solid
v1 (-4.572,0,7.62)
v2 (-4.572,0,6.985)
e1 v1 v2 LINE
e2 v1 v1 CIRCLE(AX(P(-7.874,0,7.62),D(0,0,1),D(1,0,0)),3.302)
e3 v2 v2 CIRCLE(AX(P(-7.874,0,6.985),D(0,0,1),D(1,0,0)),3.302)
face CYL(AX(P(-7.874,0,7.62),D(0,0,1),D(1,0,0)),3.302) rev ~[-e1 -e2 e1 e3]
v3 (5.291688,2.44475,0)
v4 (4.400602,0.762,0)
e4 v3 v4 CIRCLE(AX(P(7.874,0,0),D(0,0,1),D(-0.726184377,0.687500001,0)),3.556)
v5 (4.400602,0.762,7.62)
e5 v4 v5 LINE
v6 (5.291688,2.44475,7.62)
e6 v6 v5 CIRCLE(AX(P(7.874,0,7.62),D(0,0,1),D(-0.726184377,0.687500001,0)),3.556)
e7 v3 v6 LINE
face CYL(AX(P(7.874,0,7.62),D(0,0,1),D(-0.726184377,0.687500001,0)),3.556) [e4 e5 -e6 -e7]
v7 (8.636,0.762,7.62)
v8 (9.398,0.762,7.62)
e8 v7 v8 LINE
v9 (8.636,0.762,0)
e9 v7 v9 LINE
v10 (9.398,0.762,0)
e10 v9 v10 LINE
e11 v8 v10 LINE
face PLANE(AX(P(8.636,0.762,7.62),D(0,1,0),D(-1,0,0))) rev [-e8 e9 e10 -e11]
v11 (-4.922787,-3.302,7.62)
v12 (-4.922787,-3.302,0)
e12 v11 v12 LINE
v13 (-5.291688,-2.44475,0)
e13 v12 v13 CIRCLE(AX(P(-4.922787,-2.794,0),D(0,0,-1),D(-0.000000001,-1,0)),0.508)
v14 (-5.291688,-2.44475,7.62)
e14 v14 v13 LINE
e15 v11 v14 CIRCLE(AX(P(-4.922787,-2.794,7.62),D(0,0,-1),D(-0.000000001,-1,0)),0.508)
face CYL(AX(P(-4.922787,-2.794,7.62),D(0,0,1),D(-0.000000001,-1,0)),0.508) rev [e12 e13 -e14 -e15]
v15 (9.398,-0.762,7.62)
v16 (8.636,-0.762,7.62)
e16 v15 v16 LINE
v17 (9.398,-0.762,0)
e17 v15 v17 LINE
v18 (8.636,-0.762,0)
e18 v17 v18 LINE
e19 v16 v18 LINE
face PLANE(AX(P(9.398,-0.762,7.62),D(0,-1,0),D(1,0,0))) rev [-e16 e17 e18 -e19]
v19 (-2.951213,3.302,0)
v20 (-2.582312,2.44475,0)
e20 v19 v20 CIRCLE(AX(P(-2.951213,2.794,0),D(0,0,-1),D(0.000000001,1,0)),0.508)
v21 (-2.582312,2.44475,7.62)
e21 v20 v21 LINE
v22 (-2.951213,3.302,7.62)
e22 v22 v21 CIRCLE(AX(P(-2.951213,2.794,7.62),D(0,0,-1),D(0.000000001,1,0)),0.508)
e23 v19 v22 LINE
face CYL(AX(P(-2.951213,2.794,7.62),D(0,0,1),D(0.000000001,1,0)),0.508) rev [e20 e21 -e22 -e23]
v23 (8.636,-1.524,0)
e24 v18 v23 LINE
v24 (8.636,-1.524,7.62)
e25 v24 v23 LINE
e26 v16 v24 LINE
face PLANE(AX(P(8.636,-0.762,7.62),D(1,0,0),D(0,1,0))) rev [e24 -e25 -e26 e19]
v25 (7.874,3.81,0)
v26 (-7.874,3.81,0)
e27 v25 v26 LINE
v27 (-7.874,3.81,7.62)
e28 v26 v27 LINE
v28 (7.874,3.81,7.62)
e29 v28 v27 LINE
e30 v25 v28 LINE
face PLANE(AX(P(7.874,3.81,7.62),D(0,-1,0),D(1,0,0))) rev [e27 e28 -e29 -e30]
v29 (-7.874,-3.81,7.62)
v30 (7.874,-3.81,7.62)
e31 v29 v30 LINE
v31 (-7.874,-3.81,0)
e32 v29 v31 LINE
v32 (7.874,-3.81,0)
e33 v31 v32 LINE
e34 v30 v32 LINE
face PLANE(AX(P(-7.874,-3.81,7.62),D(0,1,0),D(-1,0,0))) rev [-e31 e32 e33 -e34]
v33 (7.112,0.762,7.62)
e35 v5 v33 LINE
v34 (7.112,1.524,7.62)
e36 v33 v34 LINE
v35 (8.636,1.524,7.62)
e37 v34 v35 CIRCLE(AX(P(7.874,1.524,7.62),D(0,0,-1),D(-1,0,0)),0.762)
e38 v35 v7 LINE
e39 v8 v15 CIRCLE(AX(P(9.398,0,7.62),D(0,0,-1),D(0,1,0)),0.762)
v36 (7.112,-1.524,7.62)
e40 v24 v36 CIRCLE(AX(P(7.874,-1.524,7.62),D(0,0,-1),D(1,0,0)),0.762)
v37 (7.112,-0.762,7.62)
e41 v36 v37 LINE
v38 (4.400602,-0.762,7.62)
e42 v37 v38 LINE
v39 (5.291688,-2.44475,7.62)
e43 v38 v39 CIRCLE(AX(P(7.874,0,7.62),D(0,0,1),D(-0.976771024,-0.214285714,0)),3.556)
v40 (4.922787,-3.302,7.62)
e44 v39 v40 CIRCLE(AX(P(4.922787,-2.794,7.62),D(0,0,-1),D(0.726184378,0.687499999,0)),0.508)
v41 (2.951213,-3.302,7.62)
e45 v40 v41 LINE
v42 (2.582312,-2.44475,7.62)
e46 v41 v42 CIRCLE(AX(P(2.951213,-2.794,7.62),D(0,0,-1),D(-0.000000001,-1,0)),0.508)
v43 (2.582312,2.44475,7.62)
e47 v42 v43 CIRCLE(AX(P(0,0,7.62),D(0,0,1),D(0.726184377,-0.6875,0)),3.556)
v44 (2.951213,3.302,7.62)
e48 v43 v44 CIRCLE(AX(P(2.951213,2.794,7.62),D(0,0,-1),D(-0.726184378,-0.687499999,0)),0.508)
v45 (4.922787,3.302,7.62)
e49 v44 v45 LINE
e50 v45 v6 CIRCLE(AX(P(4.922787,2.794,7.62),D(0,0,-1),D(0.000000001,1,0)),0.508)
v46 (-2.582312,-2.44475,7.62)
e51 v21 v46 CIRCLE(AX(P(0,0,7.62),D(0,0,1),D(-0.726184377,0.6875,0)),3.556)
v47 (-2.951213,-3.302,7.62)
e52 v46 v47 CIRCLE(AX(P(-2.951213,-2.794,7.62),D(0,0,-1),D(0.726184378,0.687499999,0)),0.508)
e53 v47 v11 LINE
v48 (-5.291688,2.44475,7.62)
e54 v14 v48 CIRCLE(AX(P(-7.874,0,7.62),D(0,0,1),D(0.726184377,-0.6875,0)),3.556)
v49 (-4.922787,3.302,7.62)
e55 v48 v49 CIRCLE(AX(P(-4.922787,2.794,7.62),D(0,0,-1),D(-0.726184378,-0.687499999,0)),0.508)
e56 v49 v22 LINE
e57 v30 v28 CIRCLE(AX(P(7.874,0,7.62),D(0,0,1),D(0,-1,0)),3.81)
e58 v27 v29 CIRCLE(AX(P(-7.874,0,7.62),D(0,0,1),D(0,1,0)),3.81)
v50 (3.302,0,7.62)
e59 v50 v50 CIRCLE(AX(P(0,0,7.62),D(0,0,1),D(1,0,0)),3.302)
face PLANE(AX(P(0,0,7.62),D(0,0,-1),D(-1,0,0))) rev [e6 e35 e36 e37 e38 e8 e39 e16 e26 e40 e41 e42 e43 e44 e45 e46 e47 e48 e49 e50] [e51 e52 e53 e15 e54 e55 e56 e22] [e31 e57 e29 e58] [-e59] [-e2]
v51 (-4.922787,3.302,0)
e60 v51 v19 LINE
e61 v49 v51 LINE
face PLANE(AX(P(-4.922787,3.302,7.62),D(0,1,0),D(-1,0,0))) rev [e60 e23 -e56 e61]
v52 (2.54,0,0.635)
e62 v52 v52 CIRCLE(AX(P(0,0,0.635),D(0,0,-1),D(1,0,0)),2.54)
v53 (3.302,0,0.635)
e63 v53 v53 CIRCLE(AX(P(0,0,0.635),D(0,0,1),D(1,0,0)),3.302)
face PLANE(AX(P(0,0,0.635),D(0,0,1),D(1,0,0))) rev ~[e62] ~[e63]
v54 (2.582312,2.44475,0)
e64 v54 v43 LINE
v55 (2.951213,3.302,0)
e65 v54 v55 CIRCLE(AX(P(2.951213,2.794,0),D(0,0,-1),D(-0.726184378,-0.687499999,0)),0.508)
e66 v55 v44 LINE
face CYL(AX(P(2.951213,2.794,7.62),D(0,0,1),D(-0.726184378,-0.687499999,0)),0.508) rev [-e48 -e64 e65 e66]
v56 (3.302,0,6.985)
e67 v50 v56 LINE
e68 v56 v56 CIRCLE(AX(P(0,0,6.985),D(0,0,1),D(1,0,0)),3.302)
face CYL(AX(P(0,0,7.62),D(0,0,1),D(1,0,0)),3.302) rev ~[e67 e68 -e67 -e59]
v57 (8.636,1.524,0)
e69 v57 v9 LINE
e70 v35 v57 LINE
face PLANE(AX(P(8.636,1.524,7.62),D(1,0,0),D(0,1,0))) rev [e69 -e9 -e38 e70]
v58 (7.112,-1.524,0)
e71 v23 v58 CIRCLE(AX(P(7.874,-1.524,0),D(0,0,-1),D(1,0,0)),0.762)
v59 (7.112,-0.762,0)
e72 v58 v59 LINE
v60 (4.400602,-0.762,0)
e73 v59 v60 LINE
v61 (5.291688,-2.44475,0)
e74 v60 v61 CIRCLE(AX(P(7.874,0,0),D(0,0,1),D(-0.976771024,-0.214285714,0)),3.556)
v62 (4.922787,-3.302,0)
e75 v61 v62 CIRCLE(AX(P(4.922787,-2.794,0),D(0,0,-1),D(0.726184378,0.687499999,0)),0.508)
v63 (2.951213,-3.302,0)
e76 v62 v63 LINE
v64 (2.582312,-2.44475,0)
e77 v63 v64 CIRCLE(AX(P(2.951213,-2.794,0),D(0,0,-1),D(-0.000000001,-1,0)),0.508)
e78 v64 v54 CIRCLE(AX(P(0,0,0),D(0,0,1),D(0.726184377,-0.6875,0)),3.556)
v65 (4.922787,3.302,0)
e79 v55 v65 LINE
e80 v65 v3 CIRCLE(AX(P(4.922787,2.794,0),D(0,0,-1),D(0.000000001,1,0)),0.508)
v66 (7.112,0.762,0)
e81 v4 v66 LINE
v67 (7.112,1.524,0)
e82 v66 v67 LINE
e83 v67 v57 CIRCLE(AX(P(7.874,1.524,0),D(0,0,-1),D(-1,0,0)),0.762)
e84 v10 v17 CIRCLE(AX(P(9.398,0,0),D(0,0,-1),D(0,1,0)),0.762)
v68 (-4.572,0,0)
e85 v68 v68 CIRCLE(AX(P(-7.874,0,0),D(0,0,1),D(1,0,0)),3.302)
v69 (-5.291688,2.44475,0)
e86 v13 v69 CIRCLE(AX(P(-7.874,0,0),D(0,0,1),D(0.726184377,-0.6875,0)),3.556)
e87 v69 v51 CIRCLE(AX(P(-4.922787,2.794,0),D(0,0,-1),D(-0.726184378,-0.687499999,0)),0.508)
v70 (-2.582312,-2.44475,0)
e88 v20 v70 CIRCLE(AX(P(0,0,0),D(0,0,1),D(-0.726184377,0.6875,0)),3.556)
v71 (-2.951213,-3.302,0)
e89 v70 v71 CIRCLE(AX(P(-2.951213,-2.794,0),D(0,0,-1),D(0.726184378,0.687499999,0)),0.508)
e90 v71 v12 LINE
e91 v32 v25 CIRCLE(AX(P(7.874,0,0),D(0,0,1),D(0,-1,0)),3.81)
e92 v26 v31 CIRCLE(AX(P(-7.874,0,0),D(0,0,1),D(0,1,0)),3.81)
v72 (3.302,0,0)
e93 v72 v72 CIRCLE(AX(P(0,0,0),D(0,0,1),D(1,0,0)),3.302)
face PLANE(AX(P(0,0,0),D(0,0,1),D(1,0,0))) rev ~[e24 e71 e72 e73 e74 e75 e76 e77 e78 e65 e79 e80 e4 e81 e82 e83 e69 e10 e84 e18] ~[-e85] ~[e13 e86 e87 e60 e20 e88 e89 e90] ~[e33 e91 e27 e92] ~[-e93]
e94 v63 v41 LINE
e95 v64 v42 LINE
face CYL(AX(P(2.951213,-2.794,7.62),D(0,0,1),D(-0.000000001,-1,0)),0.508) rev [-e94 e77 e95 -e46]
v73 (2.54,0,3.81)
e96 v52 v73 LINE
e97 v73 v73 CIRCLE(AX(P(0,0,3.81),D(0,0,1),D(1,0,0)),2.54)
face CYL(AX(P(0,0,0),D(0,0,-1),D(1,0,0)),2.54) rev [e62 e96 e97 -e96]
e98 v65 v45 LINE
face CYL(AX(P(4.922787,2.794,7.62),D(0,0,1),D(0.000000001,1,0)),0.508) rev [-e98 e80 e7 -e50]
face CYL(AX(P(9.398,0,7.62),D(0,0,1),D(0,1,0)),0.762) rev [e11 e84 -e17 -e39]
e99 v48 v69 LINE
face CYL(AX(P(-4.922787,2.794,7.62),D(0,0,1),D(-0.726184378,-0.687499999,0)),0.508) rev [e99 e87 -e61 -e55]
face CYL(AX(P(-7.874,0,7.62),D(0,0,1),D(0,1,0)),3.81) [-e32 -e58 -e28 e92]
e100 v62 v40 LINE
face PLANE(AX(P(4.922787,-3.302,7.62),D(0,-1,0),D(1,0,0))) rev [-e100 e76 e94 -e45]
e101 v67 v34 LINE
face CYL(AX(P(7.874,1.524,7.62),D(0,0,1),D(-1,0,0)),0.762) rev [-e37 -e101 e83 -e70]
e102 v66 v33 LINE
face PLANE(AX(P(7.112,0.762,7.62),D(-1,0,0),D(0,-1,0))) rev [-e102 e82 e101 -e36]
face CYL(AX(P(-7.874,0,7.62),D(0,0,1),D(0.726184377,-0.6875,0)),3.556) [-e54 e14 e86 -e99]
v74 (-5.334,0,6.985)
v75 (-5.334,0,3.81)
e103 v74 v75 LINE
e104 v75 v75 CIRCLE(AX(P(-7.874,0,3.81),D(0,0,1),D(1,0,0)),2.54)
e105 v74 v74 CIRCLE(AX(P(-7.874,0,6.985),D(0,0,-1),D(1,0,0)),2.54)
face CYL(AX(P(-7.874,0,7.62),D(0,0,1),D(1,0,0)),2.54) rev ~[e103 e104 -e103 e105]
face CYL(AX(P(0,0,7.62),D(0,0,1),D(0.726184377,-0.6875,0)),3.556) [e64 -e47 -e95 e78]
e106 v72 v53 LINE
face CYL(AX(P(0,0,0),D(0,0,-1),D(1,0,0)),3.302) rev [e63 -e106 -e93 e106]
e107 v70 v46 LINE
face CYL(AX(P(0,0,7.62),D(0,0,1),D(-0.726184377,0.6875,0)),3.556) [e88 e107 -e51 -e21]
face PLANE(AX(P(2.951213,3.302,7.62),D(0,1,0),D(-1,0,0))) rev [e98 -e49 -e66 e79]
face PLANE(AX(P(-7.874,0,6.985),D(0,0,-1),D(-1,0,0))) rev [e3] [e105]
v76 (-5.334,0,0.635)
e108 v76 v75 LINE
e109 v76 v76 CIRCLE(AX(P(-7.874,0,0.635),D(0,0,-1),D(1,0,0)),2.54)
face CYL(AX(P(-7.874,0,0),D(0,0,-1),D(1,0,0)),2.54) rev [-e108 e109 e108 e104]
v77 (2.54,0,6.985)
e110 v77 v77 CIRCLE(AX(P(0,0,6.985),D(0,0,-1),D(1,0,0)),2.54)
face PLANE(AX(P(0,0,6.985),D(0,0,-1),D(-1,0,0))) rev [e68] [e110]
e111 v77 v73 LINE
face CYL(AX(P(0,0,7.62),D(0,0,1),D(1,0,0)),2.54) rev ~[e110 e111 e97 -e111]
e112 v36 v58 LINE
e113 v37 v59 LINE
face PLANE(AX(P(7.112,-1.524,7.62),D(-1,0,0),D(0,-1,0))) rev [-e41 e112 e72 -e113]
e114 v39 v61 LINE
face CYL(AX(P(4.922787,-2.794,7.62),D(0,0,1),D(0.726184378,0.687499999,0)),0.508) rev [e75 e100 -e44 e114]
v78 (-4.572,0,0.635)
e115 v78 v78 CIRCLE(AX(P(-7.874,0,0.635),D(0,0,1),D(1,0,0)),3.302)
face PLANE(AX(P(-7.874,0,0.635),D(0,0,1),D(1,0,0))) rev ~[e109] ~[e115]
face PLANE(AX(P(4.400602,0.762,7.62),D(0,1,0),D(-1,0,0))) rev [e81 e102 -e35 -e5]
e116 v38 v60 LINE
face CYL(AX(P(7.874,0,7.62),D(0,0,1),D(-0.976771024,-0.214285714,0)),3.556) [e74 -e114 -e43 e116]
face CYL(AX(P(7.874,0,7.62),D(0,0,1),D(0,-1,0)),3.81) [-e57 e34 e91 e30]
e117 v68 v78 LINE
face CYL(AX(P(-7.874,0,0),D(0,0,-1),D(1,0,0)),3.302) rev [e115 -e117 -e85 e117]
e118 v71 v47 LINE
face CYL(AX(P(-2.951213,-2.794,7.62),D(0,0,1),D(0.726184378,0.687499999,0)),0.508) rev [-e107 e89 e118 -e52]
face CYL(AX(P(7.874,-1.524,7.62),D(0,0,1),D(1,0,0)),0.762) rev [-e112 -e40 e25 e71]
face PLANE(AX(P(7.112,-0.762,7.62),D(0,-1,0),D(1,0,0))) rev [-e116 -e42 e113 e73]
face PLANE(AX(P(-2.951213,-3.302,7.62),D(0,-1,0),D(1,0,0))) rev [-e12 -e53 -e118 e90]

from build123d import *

# Parameters (mm, degrees)
SKETCH1_R           = 2.54
BOSS_EXTRUDE1_DEPTH = 3.81
SKETCH2_R           = 3.302
CUT_EXTRUDE3_DEPTH  = 0.635


with BuildPart() as part:
    # Sketch1 → Boss-Extrude1 (new body)
    with BuildSketch(Plane.XY):
        with BuildLine():
            ThreePointArc((7.874, -3.81), (11.684, 0), (7.874, 3.81))
            Line((7.874, 3.81), (-7.874, 3.81))
            ThreePointArc((-7.874, 3.81), (-11.684, 0), (-7.874, -3.81))
            Line((-7.874, -3.81), (7.874, -3.81))
        make_face()
        with BuildLine():
            ThreePointArc((-2.95121331, 3.302), (-2.484585514, 2.994804631), (-2.582311646, 2.44475))
            ThreePointArc((-2.582311646, 2.44475), (-3.556, 0), (-2.582311646, -2.44475))
            ThreePointArc((-2.582311646, -2.44475), (-2.484585514, -2.994804631), (-2.95121331, -3.302))
            Line((-2.95121331, -3.302), (-4.92278669, -3.302))
            ThreePointArc((-4.92278669, -3.302), (-5.389414486, -2.994804631), (-5.291688354, -2.44475))
            ThreePointArc((-5.291688354, -2.44475), (-4.318, 0), (-5.291688354, 2.44475))
            ThreePointArc((-5.291688354, 2.44475), (-5.389414486, 2.994804631), (-4.92278669, 3.302))
            Line((-4.92278669, 3.302), (-2.95121331, 3.302))
        make_face(mode=Mode.SUBTRACT)
        Circle(SKETCH1_R, mode=Mode.SUBTRACT)
        with BuildLine():
            Line((4.92278669, -3.302), (2.95121331, -3.302))
            ThreePointArc((2.95121331, -3.302), (2.484585514, -2.994804631), (2.582311646, -2.44475))
            ThreePointArc((2.582311646, -2.44475), (3.556, 0), (2.582311646, 2.44475))
            ThreePointArc((2.582311646, 2.44475), (2.484585514, 2.994804631), (2.95121331, 3.302))
            Line((2.95121331, 3.302), (4.92278669, 3.302))
            ThreePointArc((4.92278669, 3.302), (5.389414486, 2.994804631), (5.291688354, 2.44475))
            ThreePointArc((5.291688354, 2.44475), (4.731418896, 1.664127401), (4.40060224, 0.762))
            Line((4.40060224, 0.762), (7.112, 0.762))
            Line((7.112, 0.762), (7.112, 1.524))
            ThreePointArc((7.112, 1.524), (7.874, 2.286), (8.636, 1.524))
            Line((8.636, 1.524), (8.636, 0.762))
            Line((8.636, 0.762), (9.398, 0.762))
            ThreePointArc((9.398, 0.762), (10.16, 0), (9.398, -0.762))
            Line((9.398, -0.762), (8.636, -0.762))
            Line((8.636, -0.762), (8.636, -1.524))
            ThreePointArc((8.636, -1.524), (7.874, -2.286), (7.112, -1.524))
            Line((7.112, -1.524), (7.112, -0.762))
            Line((7.112, -0.762), (4.40060224, -0.762))
            ThreePointArc((4.40060224, -0.762), (4.731418896, -1.664127401), (5.291688354, -2.44475))
            ThreePointArc((5.291688354, -2.44475), (5.389414486, -2.994804631), (4.92278669, -3.302))
        make_face(mode=Mode.SUBTRACT)
        with Locations((-7.874, 0)):
            Circle(SKETCH1_R, mode=Mode.SUBTRACT)
    extrude(amount=BOSS_EXTRUDE1_DEPTH)

    # Sketch2 → Cut-Extrude3 (cut)
    with BuildSketch(Plane.XY):
        Circle(SKETCH2_R)
        with Locations((-7.874, 0)):
            Circle(SKETCH2_R)
    extrude(amount=CUT_EXTRUDE3_DEPTH, mode=Mode.SUBTRACT)

    # Mirror1: part across face


with BuildPart() as part_1:
    add(part.part)
    add(part.part.mirror(Plane(origin=(0.730328886, 0, 3.81), x_dir=(1, 0, 0), z_dir=(0, 0, 1))))


solid = part_1.part
